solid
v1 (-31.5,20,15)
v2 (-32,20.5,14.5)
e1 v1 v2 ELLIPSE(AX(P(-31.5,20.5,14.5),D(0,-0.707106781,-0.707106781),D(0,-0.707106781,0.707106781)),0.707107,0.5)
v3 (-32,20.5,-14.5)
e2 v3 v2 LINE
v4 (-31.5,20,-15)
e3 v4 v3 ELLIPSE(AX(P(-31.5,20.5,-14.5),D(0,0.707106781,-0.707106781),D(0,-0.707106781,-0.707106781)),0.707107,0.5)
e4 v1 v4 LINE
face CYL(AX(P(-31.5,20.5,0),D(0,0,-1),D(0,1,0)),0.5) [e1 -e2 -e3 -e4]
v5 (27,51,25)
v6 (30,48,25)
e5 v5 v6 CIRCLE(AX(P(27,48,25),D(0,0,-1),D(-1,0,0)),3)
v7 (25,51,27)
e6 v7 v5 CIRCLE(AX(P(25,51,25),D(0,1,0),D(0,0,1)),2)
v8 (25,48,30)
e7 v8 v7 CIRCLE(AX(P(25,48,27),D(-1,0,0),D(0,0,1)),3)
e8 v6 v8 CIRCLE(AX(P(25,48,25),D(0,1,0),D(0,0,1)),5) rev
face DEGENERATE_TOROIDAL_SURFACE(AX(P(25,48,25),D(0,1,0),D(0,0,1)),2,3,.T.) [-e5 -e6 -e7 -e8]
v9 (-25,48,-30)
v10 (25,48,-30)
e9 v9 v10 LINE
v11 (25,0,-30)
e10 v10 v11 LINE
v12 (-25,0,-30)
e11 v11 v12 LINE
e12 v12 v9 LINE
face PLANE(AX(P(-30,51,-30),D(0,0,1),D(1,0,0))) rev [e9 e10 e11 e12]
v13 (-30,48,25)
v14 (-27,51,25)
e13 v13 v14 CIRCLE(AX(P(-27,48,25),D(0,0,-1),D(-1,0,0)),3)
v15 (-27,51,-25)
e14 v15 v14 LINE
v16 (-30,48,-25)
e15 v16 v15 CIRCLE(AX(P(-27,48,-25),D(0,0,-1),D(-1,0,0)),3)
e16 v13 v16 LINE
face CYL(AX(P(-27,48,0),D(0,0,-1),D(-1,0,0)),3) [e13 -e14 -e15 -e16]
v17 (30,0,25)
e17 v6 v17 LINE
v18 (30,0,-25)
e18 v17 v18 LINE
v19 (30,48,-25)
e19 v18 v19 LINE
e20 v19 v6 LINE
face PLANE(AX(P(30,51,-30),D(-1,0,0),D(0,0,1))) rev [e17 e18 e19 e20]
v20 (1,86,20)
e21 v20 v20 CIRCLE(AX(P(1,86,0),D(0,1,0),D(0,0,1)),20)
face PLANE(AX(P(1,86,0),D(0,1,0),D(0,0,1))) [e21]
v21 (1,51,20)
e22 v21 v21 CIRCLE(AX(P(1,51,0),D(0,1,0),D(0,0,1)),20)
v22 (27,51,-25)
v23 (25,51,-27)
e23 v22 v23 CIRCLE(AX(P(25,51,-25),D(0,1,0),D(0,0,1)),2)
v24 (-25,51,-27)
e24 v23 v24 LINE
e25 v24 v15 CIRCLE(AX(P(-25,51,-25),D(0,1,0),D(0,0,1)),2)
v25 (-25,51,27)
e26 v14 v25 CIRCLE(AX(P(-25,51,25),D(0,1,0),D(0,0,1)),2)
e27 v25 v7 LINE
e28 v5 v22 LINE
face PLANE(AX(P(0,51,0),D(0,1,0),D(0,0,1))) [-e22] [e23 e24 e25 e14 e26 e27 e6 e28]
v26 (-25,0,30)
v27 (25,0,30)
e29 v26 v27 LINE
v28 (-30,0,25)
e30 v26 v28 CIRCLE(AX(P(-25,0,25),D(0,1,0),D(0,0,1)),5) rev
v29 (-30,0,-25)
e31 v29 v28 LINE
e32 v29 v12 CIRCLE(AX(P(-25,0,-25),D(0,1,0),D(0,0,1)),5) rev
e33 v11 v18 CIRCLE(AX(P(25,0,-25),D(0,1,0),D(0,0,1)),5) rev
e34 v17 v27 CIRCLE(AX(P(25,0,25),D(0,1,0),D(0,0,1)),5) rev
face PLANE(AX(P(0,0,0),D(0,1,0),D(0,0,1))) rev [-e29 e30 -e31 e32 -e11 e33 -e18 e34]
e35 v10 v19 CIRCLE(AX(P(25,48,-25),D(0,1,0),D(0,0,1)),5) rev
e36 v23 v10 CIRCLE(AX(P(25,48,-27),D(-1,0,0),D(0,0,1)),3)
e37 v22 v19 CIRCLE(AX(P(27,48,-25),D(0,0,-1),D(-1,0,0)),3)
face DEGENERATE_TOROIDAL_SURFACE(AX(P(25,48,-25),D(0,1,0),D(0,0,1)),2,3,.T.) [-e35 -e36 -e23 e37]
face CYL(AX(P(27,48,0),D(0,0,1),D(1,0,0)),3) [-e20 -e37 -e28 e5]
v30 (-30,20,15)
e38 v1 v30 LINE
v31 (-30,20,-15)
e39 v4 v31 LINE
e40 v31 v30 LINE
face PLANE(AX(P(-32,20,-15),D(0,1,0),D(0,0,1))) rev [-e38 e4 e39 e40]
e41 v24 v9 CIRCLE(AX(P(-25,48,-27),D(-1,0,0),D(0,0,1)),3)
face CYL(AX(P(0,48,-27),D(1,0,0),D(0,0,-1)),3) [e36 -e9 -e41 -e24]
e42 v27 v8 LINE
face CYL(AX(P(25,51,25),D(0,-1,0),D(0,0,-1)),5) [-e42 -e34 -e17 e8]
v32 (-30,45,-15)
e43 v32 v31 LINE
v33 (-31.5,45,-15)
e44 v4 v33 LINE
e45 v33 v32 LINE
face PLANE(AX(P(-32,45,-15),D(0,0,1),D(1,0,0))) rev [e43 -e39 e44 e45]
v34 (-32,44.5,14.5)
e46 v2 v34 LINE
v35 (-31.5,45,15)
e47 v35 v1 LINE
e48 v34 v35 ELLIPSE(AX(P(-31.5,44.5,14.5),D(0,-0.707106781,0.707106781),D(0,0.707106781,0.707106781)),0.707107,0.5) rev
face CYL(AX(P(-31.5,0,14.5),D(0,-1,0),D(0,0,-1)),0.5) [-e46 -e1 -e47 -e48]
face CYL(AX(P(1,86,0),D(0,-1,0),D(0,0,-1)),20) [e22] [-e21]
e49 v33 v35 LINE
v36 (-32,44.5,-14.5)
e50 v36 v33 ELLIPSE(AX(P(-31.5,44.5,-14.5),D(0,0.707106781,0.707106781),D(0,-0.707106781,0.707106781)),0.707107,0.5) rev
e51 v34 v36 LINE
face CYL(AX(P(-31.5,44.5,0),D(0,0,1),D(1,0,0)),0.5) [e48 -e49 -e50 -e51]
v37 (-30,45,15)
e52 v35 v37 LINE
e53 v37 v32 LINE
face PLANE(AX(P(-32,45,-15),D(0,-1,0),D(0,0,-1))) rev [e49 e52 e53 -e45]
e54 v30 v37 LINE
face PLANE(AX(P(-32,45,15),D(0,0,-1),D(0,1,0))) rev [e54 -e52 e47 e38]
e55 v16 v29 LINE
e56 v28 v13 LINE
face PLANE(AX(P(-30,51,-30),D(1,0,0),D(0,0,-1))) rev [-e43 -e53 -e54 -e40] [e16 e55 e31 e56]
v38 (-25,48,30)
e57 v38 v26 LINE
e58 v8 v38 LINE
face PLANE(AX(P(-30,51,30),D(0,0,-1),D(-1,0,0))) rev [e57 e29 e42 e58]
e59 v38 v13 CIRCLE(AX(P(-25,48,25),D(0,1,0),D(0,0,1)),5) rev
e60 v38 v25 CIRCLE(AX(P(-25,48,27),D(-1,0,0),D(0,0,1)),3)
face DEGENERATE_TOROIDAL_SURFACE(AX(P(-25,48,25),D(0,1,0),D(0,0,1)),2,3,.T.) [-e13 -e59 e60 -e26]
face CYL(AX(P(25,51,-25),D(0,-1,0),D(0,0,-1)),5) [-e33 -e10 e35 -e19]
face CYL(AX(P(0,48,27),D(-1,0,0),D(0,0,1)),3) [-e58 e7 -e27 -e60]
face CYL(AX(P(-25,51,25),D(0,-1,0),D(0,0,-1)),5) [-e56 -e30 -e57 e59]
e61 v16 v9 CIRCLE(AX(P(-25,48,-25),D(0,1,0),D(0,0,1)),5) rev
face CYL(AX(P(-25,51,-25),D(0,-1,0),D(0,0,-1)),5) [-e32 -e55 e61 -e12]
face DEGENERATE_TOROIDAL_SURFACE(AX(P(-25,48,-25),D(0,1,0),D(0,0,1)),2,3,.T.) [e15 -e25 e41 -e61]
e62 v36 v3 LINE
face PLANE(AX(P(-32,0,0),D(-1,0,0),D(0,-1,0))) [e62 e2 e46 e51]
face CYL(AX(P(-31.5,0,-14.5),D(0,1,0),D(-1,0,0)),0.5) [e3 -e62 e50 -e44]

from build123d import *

# Parameters (mm, degrees)
SKETCH_1_W      = 60
SKETCH_1_H      = 60
EXTRUDE_1_DEPTH = 51
SKETCH_2_R      = 20
EXTRUDE_2_DEPTH = 35
SKETCH_4_W      = 30
SKETCH_4_H      = 25
EXTRUDE_3_DEPTH = 2
FILLET_4_R      = 5
FILLET_5_R      = 0.5
FILLET_6_R      = 3


with BuildPart() as part:
    # 草圖1 → 填料-伸長1 (new body)
    with BuildSketch(Plane(origin=(0, 0, 0), x_dir=(1, 0, 0), z_dir=(0, 1, 0))):
        Rectangle(SKETCH_1_W, SKETCH_1_H)
    extrude(amount=EXTRUDE_1_DEPTH)

    # 草圖2 → 填料-伸長2 (add)
    with BuildSketch(Plane(origin=(0, 51, 0), x_dir=(1, 0, 0), z_dir=(0, 1, 0))):
        with Locations(Location((1, 0, 0), (0, 0, 270))):
            Circle(SKETCH_2_R)
    extrude(amount=EXTRUDE_2_DEPTH)

    # 草圖4 → 填料-伸長3 (add)
    with BuildSketch(Plane.ZY.offset(30)):
        with Locations((0, 32.5)):
            Rectangle(SKETCH_4_W, SKETCH_4_H)
    extrude(amount=EXTRUDE_3_DEPTH)

    # 圓角4
    fillet_4_edges = [part.edges().sort_by_distance(p)[0] for p in [
        (30, 25.5, 30),
        (-30, 25.5, 30),
        (-30, 25.5, -30),
        (30, 25.5, -30),
    ]]
    fillet(fillet_4_edges, radius=FILLET_4_R)

    # 圓角5
    fillet_5_edges = [part.edges().sort_by_distance(p)[0] for p in [
        (-32, 32.5, 15),
        (-32, 45, 0),
        (-32, 32.5, -15),
        (-32, 20, 0),
    ]]
    fillet(fillet_5_edges, radius=FILLET_5_R)

    # 圓角6
    fillet_6_edges = [part.edges().sort_by_distance(p)[0] for p in [
        (0, 51, -30),
        (30, 51, 0),
        (-30, 51, 0),
        (0, 51, 30),
        (-28.535533906, 51, 28.535533906),
        (-28.535533906, 51, -28.535533906),
        (28.535533906, 51, 28.535533906),
        (28.535533906, 51, -28.535533906),
    ]]
    fillet(fillet_6_edges, radius=FILLET_6_R)


solid = part.part
